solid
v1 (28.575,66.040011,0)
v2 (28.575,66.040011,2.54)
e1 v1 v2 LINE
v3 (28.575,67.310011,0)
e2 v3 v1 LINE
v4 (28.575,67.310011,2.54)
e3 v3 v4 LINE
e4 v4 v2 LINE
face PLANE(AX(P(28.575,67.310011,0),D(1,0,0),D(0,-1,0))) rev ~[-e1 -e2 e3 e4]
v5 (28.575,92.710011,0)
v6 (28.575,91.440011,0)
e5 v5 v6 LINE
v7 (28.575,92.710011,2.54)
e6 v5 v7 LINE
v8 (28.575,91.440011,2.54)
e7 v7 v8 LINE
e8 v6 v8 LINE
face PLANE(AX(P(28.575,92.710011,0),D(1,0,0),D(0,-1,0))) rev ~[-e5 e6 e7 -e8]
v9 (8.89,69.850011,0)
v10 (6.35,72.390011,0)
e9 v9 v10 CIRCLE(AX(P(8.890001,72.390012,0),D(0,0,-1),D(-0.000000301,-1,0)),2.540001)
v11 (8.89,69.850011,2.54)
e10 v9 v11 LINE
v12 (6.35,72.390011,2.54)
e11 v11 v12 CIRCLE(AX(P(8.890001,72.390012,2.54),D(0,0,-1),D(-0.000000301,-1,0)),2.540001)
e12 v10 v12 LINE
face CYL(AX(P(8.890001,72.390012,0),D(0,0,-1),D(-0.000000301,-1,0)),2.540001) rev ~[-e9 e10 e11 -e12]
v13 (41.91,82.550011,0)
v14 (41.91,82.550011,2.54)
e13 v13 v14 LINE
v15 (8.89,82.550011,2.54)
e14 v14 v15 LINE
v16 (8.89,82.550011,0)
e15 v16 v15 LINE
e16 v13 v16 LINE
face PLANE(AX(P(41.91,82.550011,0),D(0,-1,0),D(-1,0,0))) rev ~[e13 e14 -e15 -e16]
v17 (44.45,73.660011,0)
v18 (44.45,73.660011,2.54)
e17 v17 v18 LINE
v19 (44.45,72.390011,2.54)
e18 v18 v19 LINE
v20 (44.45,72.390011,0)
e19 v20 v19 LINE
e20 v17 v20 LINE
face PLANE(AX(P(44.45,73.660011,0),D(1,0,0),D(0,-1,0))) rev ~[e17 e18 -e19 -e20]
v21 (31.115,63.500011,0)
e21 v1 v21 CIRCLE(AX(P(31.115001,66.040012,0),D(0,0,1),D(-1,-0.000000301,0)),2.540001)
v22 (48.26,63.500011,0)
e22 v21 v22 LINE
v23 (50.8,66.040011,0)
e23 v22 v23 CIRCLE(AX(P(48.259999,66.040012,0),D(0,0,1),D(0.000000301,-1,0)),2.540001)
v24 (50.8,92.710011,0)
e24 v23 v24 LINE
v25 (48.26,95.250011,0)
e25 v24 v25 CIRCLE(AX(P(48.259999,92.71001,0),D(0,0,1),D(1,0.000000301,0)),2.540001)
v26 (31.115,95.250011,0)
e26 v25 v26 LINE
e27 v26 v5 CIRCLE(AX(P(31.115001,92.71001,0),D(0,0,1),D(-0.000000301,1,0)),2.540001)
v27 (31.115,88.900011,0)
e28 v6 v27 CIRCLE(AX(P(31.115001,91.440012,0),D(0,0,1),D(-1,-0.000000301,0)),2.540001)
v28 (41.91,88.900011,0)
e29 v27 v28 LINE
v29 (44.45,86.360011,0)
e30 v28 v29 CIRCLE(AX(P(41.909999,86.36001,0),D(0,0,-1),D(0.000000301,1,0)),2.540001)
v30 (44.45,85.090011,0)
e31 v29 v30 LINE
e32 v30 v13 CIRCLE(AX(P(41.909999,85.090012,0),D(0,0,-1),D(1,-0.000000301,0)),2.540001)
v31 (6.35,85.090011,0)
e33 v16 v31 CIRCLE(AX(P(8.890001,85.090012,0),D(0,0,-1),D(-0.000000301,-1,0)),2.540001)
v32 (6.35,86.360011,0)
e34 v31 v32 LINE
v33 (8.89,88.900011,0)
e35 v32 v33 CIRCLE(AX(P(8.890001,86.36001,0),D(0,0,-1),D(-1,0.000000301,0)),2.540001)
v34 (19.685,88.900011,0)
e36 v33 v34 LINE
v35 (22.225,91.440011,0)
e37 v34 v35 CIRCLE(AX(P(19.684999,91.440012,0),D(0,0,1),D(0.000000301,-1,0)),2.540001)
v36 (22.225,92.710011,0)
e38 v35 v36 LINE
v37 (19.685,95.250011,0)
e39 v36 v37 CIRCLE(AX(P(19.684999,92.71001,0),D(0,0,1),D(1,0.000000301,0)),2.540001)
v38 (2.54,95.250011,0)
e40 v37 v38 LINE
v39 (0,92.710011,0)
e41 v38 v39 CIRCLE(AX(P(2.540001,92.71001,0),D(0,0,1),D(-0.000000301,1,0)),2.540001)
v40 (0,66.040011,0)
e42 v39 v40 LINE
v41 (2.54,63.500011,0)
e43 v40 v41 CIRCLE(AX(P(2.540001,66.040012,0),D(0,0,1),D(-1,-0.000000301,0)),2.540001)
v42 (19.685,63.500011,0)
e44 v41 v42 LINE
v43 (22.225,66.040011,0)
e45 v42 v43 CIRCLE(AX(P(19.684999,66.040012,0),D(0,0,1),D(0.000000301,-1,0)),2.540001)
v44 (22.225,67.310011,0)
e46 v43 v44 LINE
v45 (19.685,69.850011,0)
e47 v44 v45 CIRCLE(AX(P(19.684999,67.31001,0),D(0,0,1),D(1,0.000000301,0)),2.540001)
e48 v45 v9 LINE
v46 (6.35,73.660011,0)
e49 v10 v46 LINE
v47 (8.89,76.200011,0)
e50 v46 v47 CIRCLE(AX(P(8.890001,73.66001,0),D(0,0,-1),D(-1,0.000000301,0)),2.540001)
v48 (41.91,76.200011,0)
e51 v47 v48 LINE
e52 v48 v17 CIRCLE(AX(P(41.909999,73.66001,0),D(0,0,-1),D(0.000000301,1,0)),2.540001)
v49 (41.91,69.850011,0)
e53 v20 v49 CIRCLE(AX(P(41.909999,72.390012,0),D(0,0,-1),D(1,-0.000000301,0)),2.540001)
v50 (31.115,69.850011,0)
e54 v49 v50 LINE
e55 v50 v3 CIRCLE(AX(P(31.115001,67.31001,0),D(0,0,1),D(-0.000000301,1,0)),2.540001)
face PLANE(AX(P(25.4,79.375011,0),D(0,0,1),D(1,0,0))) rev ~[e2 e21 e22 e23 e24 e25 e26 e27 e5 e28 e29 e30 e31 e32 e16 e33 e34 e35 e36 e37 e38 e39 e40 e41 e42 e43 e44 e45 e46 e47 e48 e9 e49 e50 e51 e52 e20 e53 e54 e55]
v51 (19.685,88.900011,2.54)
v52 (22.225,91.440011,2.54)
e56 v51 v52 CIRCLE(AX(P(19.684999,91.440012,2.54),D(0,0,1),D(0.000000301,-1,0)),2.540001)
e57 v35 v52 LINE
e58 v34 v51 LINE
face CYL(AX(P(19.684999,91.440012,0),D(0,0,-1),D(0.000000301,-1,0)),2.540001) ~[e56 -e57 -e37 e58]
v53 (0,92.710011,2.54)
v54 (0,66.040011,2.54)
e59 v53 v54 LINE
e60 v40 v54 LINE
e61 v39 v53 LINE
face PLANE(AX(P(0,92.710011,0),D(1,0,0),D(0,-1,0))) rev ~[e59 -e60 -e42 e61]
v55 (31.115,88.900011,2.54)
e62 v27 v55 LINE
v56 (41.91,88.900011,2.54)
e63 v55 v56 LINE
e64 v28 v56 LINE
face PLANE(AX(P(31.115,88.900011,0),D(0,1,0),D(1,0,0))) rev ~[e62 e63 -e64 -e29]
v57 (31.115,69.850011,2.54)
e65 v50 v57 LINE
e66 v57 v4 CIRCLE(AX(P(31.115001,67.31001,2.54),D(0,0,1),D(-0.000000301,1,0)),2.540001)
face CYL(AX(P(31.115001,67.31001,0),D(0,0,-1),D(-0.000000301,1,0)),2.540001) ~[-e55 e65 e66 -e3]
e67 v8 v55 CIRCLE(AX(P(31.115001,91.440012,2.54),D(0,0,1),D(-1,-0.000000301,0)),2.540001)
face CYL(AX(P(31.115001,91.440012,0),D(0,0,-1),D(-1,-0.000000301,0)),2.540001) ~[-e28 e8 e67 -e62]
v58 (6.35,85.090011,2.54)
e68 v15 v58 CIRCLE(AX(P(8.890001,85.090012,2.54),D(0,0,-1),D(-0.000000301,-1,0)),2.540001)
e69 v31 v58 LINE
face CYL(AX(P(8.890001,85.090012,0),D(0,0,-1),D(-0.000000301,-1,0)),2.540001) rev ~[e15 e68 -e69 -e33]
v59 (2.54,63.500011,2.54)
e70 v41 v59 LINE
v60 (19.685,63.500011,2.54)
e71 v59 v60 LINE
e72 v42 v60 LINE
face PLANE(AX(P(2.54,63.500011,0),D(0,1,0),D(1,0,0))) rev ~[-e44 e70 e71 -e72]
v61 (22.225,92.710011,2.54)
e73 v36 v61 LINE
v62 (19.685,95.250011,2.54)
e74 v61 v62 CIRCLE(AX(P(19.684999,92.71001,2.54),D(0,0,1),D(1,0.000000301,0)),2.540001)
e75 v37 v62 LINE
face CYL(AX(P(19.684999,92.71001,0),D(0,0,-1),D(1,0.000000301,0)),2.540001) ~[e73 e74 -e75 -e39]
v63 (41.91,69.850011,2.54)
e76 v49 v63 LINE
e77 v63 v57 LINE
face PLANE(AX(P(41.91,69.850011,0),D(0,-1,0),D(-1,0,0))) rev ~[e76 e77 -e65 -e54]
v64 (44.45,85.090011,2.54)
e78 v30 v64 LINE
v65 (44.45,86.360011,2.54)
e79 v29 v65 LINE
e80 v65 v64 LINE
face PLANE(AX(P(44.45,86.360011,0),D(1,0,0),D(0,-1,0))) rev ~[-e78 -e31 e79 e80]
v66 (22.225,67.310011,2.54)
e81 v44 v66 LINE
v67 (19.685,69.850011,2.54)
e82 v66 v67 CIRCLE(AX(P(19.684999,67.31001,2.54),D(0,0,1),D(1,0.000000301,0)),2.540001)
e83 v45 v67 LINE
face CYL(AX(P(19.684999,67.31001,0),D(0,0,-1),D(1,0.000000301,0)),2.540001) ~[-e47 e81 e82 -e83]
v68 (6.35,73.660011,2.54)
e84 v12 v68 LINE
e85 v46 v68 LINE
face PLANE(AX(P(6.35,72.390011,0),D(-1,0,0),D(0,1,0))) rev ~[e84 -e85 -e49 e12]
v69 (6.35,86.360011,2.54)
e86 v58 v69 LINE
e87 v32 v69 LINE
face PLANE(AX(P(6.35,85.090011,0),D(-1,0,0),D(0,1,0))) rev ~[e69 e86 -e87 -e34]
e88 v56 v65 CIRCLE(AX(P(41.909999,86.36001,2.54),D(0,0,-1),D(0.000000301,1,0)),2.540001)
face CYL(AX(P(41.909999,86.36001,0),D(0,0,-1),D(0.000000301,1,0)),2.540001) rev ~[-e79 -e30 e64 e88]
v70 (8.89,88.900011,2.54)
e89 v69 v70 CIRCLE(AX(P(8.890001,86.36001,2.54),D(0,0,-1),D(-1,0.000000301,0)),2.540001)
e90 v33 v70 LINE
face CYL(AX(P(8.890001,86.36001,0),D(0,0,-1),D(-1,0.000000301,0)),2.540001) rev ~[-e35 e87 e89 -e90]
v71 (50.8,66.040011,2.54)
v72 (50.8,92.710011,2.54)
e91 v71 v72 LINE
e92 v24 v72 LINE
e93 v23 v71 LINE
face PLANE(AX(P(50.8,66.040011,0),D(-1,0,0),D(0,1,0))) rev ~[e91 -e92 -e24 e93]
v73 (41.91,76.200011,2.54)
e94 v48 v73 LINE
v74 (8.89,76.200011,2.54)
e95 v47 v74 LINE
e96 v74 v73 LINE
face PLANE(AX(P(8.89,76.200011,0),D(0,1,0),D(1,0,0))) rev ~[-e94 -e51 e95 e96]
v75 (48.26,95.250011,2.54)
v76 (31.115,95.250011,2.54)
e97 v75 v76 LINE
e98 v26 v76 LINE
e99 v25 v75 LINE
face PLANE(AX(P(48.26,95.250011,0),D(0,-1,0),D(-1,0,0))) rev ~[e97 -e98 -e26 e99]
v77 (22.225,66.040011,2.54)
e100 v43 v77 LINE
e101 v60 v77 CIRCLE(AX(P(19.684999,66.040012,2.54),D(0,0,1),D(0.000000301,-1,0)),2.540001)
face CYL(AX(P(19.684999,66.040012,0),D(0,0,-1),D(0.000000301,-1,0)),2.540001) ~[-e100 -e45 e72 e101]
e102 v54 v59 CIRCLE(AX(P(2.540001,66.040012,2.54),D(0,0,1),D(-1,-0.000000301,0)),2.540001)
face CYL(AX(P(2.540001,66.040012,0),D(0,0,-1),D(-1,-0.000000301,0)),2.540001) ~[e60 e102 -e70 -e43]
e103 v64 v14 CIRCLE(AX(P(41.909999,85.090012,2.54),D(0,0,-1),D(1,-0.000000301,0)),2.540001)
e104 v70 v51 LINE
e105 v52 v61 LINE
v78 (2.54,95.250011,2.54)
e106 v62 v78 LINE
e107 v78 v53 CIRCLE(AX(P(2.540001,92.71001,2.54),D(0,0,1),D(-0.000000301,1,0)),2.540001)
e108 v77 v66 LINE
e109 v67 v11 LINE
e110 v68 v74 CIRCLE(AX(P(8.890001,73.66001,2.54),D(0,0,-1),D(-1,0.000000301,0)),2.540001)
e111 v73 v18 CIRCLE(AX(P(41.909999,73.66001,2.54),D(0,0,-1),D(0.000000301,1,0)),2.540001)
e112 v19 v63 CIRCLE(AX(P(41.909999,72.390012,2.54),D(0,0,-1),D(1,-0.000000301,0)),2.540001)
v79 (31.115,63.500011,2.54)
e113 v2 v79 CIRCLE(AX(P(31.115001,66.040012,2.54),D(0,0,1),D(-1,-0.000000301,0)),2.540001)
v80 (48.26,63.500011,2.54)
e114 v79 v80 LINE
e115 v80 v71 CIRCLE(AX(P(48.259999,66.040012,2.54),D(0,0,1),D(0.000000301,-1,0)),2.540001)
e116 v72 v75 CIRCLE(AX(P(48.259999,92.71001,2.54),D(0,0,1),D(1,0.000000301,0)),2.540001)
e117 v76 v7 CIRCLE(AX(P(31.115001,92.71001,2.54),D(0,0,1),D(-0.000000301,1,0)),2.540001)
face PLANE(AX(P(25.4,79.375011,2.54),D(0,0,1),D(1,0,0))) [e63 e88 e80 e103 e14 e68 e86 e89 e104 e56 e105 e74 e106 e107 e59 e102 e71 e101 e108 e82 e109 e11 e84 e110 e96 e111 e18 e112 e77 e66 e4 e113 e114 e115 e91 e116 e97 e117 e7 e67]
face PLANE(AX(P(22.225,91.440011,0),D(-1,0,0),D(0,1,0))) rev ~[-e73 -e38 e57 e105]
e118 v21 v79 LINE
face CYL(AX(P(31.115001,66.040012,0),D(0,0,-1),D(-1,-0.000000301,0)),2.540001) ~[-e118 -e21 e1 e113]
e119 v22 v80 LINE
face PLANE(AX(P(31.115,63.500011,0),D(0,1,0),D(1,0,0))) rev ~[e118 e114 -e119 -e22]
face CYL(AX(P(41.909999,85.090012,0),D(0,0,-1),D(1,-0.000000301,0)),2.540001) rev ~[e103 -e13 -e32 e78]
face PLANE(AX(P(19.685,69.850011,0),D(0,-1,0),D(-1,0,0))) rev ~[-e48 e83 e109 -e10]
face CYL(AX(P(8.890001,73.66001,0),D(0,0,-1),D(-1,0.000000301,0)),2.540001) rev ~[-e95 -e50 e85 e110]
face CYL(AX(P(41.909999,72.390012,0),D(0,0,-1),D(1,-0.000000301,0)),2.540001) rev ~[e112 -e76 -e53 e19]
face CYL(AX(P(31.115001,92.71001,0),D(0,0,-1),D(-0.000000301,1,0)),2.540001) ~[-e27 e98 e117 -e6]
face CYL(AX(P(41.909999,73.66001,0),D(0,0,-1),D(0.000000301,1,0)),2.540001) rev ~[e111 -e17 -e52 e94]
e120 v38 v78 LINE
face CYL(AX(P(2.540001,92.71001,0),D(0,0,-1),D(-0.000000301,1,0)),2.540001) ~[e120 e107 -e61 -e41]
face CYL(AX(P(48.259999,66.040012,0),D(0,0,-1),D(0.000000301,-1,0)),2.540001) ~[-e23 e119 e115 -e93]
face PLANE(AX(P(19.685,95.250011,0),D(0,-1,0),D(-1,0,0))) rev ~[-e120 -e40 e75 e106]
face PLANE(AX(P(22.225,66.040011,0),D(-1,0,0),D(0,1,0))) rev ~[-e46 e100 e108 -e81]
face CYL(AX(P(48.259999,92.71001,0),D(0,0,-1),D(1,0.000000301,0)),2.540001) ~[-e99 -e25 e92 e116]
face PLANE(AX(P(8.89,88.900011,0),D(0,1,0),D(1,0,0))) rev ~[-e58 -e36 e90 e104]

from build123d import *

# Parameters (mm, degrees)
F1_DEPTH = 2.54


with BuildPart() as f1:
    # F0 (on Top) → F1 (new body)
    with BuildSketch(Plane.XY):
        with BuildLine():
            Line((19.685, 95.250011), (2.54, 95.250011))
            ThreePointArc((2.54, 95.250011), (0.743949, 94.506062), (0, 92.710011))
            Line((0, 92.710011), (0, 66.040011))
            ThreePointArc((0, 66.040011), (0.743949, 64.24396), (2.54, 63.500011))
            Line((2.54, 63.500011), (19.685, 63.500011))
            ThreePointArc((19.685, 63.500011), (21.481051, 64.24396), (22.225, 66.040011))
            Line((22.225, 66.040011), (22.225, 67.310011))
            ThreePointArc((22.225, 67.310011), (21.481051, 69.106062), (19.685, 69.850011))
            Line((19.685, 69.850011), (8.89, 69.850011))
            ThreePointArc((8.89, 69.850011), (7.093949, 70.59396), (6.35, 72.390011))
            Line((6.35, 72.390011), (6.35, 73.660011))
            ThreePointArc((6.35, 73.660011), (7.093949, 75.456062), (8.89, 76.200011))
            Line((8.89, 76.200011), (41.91, 76.200011))
            ThreePointArc((41.91, 76.200011), (43.706051, 75.456062), (44.45, 73.660011))
            Line((44.45, 73.660011), (44.45, 72.390011))
            ThreePointArc((44.45, 72.390011), (43.706051, 70.59396), (41.91, 69.850011))
            Line((41.91, 69.850011), (31.115, 69.850011))
            ThreePointArc((31.115, 69.850011), (29.318949, 69.106062), (28.575, 67.310011))
            Line((28.575, 67.310011), (28.575, 66.040011))
            ThreePointArc((28.575, 66.040011), (29.318949, 64.24396), (31.115, 63.500011))
            Line((31.115, 63.500011), (48.26, 63.500011))
            ThreePointArc((48.26, 63.500011), (50.056051, 64.24396), (50.8, 66.040011))
            Line((50.8, 66.040011), (50.8, 92.710011))
            ThreePointArc((50.8, 92.710011), (50.056051, 94.506062), (48.26, 95.250011))
            Line((48.26, 95.250011), (31.115, 95.250011))
            ThreePointArc((31.115, 95.250011), (29.318949, 94.506062), (28.575, 92.710011))
            Line((28.575, 92.710011), (28.575, 91.440011))
            ThreePointArc((28.575, 91.440011), (29.318949, 89.64396), (31.115, 88.900011))
            Line((31.115, 88.900011), (41.91, 88.900011))
            ThreePointArc((41.91, 88.900011), (43.706051, 88.156062), (44.45, 86.360011))
            Line((44.45, 86.360011), (44.45, 85.090011))
            ThreePointArc((44.45, 85.090011), (43.706051, 83.29396), (41.91, 82.550011))
            Line((41.91, 82.550011), (8.89, 82.550011))
            ThreePointArc((8.89, 82.550011), (7.093949, 83.29396), (6.35, 85.090011))
            Line((6.35, 85.090011), (6.35, 86.360011))
            ThreePointArc((6.35, 86.360011), (7.093949, 88.156062), (8.89, 88.900011))
            Line((8.89, 88.900011), (19.685, 88.900011))
            ThreePointArc((19.685, 88.900011), (21.481051, 89.64396), (22.225, 91.440011))
            Line((22.225, 91.440011), (22.225, 92.710011))
            ThreePointArc((22.225, 92.710011), (21.481051, 94.506062), (19.685, 95.250011))
        make_face()
    extrude(amount=F1_DEPTH)


solid = f1.part
